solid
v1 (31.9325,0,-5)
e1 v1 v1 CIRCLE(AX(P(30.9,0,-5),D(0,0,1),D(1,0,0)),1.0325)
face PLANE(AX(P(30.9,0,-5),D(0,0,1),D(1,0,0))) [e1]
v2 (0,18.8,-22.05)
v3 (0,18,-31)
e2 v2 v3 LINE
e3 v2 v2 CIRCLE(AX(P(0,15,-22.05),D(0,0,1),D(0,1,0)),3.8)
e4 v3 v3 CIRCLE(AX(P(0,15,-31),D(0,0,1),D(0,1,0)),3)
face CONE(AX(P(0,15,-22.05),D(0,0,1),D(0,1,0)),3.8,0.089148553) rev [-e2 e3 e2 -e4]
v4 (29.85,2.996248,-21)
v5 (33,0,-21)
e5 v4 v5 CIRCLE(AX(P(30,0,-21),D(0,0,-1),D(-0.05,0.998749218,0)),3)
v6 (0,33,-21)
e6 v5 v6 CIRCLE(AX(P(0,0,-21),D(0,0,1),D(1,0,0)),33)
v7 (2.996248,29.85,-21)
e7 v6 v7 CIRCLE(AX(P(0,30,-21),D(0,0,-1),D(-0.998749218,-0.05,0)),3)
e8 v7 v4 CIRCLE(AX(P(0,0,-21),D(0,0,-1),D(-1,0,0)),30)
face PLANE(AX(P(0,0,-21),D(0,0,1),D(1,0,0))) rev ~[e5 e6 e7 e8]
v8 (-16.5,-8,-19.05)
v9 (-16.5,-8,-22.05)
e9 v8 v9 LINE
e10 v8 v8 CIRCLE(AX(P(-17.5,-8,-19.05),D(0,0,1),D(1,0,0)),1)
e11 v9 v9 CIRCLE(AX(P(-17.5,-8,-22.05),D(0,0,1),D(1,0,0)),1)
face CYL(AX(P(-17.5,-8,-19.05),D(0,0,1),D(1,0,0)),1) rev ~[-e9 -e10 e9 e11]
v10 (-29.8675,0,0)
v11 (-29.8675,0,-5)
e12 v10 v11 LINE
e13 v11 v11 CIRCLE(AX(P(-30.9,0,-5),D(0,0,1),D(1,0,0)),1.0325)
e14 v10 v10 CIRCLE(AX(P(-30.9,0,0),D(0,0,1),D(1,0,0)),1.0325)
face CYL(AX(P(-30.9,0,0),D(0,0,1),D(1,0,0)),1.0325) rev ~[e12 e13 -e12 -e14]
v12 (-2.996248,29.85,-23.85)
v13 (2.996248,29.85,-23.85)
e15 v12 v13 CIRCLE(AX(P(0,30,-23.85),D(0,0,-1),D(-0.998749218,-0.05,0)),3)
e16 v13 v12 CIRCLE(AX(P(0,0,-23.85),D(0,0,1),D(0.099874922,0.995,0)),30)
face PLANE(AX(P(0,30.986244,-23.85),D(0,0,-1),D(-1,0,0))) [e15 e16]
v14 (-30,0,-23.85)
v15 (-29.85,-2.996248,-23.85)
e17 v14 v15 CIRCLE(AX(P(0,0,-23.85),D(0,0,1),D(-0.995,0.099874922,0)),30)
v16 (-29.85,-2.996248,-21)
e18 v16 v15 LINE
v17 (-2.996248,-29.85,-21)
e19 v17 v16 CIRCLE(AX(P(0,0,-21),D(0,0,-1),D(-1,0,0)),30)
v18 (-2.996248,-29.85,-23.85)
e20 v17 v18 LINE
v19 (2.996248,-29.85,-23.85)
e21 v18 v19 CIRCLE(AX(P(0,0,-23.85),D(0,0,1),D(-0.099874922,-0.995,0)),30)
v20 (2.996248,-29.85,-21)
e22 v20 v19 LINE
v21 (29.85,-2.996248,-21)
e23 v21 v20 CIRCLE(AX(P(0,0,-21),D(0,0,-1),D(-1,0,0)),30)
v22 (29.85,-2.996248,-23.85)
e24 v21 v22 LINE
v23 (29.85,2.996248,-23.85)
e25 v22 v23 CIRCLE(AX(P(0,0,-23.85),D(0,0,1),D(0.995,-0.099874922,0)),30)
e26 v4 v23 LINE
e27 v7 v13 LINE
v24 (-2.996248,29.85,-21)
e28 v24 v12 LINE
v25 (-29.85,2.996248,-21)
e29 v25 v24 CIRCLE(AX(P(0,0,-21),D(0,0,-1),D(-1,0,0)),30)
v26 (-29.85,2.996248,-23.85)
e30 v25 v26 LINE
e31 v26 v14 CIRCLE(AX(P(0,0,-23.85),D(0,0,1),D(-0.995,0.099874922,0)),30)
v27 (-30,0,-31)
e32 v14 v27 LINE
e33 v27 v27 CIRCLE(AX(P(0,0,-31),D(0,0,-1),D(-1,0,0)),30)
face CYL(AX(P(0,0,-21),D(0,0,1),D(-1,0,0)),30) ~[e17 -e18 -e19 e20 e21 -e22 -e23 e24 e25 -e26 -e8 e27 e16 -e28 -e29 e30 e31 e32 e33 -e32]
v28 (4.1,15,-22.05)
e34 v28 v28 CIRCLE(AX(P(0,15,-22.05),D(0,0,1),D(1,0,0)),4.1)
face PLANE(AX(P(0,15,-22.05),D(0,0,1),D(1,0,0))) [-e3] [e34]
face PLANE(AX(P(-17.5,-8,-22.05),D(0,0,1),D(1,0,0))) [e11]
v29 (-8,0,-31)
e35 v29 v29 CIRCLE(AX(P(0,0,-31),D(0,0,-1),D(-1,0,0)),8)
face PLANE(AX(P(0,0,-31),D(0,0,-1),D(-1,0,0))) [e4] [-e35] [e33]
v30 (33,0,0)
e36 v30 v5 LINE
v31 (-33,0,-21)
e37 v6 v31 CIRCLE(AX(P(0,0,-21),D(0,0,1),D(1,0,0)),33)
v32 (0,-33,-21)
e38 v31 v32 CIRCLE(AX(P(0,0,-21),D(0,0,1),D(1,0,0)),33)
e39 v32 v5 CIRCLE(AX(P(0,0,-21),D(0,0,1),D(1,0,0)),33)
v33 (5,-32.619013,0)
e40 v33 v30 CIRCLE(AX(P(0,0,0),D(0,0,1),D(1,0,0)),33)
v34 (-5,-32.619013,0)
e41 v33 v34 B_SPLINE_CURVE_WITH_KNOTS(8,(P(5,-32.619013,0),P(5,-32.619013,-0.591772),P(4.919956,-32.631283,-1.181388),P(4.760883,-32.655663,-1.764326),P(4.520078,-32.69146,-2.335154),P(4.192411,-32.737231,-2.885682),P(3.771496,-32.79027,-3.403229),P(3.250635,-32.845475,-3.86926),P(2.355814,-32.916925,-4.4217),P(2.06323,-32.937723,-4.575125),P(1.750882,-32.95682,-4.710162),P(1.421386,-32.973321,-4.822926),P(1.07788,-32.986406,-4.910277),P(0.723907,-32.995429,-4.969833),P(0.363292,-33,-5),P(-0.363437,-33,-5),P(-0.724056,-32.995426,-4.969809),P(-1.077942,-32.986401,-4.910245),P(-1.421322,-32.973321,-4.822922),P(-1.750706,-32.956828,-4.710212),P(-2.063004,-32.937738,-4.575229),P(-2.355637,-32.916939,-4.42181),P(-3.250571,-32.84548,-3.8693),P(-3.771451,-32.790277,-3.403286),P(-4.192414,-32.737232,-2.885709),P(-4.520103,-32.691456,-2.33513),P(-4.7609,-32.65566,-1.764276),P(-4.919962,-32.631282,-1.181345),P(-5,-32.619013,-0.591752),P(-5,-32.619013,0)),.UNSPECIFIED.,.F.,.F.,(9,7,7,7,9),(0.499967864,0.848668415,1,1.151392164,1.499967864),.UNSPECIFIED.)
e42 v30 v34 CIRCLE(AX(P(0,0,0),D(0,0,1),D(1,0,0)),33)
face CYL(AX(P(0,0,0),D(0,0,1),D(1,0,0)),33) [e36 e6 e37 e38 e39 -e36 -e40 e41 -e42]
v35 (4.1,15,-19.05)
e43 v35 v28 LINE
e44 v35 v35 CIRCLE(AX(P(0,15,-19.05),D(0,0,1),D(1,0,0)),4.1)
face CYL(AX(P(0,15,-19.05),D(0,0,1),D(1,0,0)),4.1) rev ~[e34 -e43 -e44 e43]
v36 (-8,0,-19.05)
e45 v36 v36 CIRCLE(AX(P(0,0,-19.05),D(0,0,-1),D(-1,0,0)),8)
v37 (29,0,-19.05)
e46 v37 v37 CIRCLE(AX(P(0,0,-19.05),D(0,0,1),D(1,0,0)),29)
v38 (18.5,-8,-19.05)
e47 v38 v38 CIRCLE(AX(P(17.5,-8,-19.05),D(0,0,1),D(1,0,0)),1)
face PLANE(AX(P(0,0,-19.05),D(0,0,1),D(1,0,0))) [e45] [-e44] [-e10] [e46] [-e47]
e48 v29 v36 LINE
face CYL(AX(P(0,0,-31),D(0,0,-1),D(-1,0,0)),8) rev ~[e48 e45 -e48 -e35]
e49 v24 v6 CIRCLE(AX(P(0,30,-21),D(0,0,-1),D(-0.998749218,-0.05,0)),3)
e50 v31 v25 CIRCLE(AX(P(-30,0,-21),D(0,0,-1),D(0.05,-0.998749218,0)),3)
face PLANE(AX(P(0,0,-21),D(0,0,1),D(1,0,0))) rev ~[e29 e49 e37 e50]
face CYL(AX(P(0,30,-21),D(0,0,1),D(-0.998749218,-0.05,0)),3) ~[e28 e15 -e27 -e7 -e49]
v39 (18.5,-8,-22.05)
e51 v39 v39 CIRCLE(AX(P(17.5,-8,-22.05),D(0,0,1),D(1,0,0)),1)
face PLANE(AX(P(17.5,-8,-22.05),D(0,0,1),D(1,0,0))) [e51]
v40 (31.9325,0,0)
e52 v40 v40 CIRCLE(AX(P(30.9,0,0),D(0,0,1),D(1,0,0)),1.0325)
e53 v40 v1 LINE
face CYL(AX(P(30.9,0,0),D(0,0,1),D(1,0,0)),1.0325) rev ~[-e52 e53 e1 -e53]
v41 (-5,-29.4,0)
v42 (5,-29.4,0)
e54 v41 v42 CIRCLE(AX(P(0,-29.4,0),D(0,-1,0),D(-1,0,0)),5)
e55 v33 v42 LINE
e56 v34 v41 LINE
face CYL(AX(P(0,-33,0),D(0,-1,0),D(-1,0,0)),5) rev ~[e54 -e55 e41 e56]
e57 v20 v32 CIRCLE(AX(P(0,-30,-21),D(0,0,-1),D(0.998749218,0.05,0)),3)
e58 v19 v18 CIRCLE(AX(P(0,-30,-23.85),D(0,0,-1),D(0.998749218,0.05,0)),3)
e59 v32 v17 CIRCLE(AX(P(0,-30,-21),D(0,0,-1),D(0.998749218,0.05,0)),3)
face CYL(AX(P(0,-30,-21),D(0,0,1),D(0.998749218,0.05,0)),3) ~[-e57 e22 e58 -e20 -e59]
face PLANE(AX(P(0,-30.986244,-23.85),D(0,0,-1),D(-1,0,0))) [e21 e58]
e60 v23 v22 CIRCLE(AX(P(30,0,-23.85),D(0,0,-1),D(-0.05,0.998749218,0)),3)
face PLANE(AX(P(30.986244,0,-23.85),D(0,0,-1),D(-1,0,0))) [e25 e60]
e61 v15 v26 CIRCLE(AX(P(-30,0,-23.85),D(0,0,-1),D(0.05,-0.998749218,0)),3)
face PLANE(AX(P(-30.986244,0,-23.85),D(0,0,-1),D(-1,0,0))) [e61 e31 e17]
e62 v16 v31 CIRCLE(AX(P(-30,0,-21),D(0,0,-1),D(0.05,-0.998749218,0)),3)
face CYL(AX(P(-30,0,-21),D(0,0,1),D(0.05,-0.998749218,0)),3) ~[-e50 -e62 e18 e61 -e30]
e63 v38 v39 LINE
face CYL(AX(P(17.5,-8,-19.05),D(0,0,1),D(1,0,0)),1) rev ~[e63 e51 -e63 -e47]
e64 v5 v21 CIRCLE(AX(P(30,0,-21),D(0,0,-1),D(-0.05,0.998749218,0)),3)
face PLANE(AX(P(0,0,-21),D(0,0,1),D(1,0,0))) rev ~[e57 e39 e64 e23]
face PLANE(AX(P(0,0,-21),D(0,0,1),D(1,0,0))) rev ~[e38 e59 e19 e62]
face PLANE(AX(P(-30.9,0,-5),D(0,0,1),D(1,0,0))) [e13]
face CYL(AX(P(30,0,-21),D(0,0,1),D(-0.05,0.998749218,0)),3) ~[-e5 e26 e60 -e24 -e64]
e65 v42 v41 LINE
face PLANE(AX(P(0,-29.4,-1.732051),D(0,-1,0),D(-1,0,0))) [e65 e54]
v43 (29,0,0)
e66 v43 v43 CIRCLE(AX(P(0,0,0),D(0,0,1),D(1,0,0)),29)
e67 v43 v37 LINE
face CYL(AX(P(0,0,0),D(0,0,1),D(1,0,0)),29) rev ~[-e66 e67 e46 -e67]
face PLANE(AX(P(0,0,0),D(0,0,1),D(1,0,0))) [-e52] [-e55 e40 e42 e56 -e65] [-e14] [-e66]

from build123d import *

# Parameters (mm, degrees)
SKETCH1_R           = 33
BOSS_EXTRUDE1_DEPTH = 21
SKETCH2_R           = 29
CUT_EXTRUDE1_DEPTH  = 19.05
SKETCH3_R           = 30
BOSS_EXTRUDE2_DEPTH = 10
BOSS_EXTRUDE3_DEPTH = 2.85
SKETCH5_R           = 8
SKETCH5_R_2         = 3
CUT_EXTRUDE2_DEPTH  = 32
SKETCH6_R           = 4.1
CUT_EXTRUDE3_DEPTH  = 3
SKETCH10_R          = 1.0325
CUT_EXTRUDE4_DEPTH  = 5
CUT_EXTRUDE5_DEPTH  = 3.6
SKETCH12_R          = 1
CUT_EXTRUDE6_DEPTH  = 3


with BuildPart() as part:
    # Sketch1 → Boss-Extrude1 (new body)
    with BuildSketch(Plane.XY):
        Circle(SKETCH1_R)
    extrude(amount=-BOSS_EXTRUDE1_DEPTH)

    # Sketch2 → Cut-Extrude1 (cut)
    with BuildSketch(Plane.XY):
        Circle(SKETCH2_R)
    extrude(amount=-CUT_EXTRUDE1_DEPTH, mode=Mode.SUBTRACT)

    # Sketch3 → Boss-Extrude2 (add)
    with BuildSketch(Plane(origin=(0, 0, -21), x_dir=(-1, 0, 0), z_dir=(0, 0, -1))):
        Circle(SKETCH3_R)
    extrude(amount=BOSS_EXTRUDE2_DEPTH)

    # Sketch4 → Boss-Extrude3 (add)
    with BuildSketch(Plane(origin=(0, 0, -21), x_dir=(-1, 0, 0), z_dir=(0, 0, -1))):
        with BuildLine():
            ThreePointArc((-29.85, 2.996247653), (-33, 0), (-29.85, -2.996247653))
            ThreePointArc((-29.85, -2.996247653), (-30, 0), (-29.85, 2.996247653))
        make_face()
        with BuildLine():
            ThreePointArc((2.996247653, 29.85), (0, 33), (-2.996247653, 29.85))
            ThreePointArc((-2.996247653, 29.85), (0, 30), (2.996247653, 29.85))
        make_face()
        with BuildLine():
            ThreePointArc((29.85, -2.996247653), (33, 0), (29.85, 2.996247653))
            ThreePointArc((29.85, 2.996247653), (30, 0), (29.85, -2.996247653))
        make_face()
        with BuildLine():
            ThreePointArc((-2.996247653, -29.85), (0, -33), (2.996247653, -29.85))
            ThreePointArc((2.996247653, -29.85), (0, -30), (-2.996247653, -29.85))
        make_face()
    extrude(amount=BOSS_EXTRUDE3_DEPTH)

    # Sketch5 → Cut-Extrude2 (cut, through all)
    with BuildSketch(Plane(origin=(0, 0, -31), x_dir=(-1, 0, 0), z_dir=(0, 0, -1))):
        Circle(SKETCH5_R)
        with Locations((0, 15)):
            Circle(SKETCH5_R_2)
    extrude(amount=-CUT_EXTRUDE2_DEPTH, mode=Mode.SUBTRACT)

    # Sketch6 → Cut-Extrude3 (cut)
    with BuildSketch(Plane.XY.offset(-19.05)):
        with Locations((0, 15)):
            Circle(SKETCH6_R)
    extrude(amount=-CUT_EXTRUDE3_DEPTH, mode=Mode.SUBTRACT)

    # Sketch9 → Cut-Revolve1 (revolve, cut)
    with BuildSketch(Plane(origin=(0, 0, 0), x_dir=(0, 0, -1), z_dir=(1, 0, 0))):
        Polygon((22.05, 18), (22.05, 18.8), (31, 18), align=None)
    revolve(axis=Axis((0, 15, -31), (0, 0, 1)), mode=Mode.SUBTRACT)

    # Sketch10 → Cut-Extrude4 (cut)
    with BuildSketch(Plane.XY):
        with Locations((-30.9, 0)):
            Circle(SKETCH10_R)
        with Locations((30.9, 0)):
            Circle(SKETCH10_R)
    extrude(amount=-CUT_EXTRUDE4_DEPTH, mode=Mode.SUBTRACT)

    # Sketch11 → Cut-Extrude5 (cut)
    with BuildSketch(Plane(origin=(0, -33, 0), x_dir=(-1, 0, 0), z_dir=(0, -1, 0))):
        with BuildLine():
            Line((-5, 0), (5, 0))
            ThreePointArc((5, 0), (0, 5), (-5, 0))
        make_face()
    extrude(amount=-CUT_EXTRUDE5_DEPTH, mode=Mode.SUBTRACT)

    # Sketch12 → Cut-Extrude6 (cut)
    with BuildSketch(Plane.XY.offset(-19.05)):
        with Locations((17.5, -8)):
            Circle(SKETCH12_R)
        with Locations((-17.5, -8)):
            Circle(SKETCH12_R)
    extrude(amount=-CUT_EXTRUDE6_DEPTH, mode=Mode.SUBTRACT)


solid = part.part
